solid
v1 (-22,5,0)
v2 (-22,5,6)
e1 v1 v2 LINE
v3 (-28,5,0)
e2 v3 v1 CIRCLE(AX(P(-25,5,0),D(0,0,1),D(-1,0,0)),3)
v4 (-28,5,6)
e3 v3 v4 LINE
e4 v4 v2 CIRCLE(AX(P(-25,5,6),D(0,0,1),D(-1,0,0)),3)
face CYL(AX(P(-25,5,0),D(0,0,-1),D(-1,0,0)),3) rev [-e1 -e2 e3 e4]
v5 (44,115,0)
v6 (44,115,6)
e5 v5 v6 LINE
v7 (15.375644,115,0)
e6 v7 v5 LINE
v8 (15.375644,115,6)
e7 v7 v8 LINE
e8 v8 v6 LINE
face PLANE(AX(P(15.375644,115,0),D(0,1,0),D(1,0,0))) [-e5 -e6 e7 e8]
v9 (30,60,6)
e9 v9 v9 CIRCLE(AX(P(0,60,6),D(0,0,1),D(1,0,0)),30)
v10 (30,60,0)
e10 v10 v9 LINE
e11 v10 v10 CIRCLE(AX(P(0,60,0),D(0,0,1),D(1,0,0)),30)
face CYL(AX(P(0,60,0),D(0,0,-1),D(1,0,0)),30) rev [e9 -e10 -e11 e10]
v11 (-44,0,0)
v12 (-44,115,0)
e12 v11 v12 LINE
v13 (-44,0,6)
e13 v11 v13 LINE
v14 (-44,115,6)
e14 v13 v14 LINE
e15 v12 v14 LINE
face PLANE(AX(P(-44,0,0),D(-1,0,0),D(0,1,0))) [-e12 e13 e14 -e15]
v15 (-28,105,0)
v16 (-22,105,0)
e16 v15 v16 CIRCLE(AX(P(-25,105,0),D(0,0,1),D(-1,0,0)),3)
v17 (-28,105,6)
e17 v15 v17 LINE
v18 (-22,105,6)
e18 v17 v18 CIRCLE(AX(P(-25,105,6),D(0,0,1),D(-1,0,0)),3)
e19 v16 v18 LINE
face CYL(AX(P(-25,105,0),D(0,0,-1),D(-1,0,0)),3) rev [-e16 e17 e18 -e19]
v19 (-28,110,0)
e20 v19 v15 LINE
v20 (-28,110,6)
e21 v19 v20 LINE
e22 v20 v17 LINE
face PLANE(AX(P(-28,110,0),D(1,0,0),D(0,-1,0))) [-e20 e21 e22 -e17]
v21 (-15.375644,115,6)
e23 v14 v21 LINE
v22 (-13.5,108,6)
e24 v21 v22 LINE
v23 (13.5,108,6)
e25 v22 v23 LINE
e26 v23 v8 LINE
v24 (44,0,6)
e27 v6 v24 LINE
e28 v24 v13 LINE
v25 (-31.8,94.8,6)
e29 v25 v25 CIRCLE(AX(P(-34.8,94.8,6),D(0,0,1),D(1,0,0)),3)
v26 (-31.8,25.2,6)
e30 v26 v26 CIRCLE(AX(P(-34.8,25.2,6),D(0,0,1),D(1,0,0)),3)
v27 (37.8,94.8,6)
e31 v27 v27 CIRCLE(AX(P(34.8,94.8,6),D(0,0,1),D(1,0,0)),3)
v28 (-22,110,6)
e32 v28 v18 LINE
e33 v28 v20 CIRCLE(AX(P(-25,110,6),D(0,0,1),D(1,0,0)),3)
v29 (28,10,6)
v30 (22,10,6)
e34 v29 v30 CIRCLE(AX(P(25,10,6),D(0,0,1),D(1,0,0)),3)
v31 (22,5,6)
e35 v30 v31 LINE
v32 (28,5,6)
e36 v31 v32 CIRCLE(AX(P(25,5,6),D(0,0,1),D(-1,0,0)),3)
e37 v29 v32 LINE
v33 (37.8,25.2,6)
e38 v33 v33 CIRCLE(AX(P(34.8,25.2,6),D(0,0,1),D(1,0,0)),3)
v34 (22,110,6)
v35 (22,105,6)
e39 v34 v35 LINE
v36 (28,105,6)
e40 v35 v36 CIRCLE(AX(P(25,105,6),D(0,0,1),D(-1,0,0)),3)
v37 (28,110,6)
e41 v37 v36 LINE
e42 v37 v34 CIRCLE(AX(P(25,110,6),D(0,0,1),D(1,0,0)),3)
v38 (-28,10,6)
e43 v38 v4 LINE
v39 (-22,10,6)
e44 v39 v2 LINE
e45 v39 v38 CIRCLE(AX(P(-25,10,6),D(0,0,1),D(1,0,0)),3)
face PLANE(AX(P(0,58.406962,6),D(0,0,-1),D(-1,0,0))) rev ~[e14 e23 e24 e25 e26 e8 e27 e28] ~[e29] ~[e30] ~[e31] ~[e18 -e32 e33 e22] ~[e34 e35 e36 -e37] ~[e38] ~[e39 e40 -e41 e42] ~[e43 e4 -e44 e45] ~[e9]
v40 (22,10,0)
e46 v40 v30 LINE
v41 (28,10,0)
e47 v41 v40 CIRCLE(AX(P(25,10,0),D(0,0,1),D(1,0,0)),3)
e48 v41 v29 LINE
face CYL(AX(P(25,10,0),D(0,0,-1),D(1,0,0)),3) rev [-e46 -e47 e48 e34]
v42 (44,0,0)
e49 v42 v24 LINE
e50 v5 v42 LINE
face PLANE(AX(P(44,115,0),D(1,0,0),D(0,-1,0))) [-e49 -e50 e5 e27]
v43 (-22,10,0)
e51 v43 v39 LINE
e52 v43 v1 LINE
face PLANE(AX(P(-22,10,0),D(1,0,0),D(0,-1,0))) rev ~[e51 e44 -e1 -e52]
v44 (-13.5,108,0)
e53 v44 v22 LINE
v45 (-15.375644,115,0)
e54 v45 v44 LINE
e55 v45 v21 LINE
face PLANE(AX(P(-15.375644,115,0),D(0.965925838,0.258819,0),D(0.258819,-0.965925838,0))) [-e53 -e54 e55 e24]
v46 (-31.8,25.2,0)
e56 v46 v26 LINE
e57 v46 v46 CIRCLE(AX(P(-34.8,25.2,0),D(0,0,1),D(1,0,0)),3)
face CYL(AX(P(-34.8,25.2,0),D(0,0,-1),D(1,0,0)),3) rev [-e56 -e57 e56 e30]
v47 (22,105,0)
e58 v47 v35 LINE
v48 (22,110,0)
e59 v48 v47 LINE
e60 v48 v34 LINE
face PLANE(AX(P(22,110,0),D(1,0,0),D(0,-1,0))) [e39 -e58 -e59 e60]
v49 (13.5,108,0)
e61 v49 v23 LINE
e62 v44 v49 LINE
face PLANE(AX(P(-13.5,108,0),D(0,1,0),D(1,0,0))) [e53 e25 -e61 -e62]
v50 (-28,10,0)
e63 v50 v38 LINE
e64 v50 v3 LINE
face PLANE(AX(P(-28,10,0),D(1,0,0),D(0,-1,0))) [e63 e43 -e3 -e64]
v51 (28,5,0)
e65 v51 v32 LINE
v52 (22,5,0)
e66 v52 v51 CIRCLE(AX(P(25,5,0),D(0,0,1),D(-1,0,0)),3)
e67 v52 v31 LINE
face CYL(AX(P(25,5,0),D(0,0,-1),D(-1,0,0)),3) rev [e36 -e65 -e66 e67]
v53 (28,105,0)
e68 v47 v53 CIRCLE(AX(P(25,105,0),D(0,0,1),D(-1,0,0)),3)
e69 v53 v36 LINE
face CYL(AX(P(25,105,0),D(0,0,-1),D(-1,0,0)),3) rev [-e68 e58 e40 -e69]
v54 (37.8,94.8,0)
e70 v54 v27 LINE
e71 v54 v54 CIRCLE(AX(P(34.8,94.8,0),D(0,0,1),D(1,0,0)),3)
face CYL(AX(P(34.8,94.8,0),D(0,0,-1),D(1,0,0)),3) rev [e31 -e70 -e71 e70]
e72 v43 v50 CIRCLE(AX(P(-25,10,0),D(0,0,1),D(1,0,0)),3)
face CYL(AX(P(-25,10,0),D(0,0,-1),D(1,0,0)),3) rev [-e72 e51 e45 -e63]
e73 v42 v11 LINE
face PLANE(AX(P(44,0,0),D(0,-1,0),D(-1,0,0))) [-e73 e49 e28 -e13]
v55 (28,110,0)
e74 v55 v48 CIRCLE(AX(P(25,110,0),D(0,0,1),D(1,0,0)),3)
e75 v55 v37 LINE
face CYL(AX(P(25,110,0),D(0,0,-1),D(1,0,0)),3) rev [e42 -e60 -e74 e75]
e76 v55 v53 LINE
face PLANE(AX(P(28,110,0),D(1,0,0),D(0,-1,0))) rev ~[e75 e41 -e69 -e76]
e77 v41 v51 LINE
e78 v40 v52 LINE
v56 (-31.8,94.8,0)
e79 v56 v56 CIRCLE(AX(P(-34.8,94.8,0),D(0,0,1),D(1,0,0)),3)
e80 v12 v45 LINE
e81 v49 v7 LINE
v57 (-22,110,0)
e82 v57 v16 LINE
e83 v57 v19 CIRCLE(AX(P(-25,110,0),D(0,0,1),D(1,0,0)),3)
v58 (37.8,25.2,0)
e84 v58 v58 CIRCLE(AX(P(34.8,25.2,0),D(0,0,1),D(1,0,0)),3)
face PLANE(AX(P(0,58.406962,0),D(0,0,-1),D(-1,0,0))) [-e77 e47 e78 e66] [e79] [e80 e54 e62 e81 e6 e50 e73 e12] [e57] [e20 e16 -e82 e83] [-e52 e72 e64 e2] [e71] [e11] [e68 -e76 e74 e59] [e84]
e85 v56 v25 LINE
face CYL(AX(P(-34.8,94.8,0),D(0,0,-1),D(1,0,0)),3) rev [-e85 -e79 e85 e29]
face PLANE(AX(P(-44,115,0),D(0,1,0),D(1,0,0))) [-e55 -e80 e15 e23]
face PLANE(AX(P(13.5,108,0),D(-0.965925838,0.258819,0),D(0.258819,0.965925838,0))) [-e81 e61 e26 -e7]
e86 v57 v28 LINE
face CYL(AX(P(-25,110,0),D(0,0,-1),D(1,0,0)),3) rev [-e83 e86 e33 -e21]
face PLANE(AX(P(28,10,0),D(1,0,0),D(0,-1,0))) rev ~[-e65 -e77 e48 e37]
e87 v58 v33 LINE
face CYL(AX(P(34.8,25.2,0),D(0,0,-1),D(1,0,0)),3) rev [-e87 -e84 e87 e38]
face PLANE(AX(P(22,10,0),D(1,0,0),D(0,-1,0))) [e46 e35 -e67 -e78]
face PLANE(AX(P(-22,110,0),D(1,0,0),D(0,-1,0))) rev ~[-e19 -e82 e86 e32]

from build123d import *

# Parameters (mm, degrees)
SKETCH_R   = 30
SKETCH_R_2 = 3
PAD_DEPTH  = 6


with BuildPart() as part:
    # Sketch → Pad (new body)
    with BuildSketch(Plane.XY):
        Polygon((44, 115), (44, 0), (-44, 0), (-44, 115), (-15.375644, 115), (-13.5, 108), (13.5, 108), (15.375644, 115), align=None)
        with Locations((0, 60)):
            Circle(SKETCH_R, mode=Mode.SUBTRACT)
        with Locations((-34.8, 94.8)):
            Circle(SKETCH_R_2, mode=Mode.SUBTRACT)
        with Locations((34.8, 94.8)):
            Circle(SKETCH_R_2, mode=Mode.SUBTRACT)
        with Locations((-34.8, 25.2)):
            Circle(SKETCH_R_2, mode=Mode.SUBTRACT)
        with Locations((34.8, 25.2)):
            Circle(SKETCH_R_2, mode=Mode.SUBTRACT)
        with BuildLine():
            ThreePointArc((-22, 110), (-25, 113), (-28, 110))
            Line((-28, 110), (-28, 105))
            ThreePointArc((-28, 105), (-25, 102), (-22, 105))
            Line((-22, 110), (-22, 105))
        make_face(mode=Mode.SUBTRACT)
        with BuildLine():
            ThreePointArc((28, 110), (25, 113), (22, 110))
            Line((22, 110), (22, 105))
            ThreePointArc((22, 105), (25, 102), (28, 105))
            Line((28, 110), (28, 105))
        make_face(mode=Mode.SUBTRACT)
        with BuildLine():
            ThreePointArc((28, 10), (25, 13), (22, 10))
            Line((22, 10), (22, 5))
            ThreePointArc((22, 5), (25, 2), (28, 5))
            Line((28, 10), (28, 5))
        make_face(mode=Mode.SUBTRACT)
        with BuildLine():
            ThreePointArc((-22, 10), (-25, 13), (-28, 10))
            Line((-28, 10), (-28, 5))
            ThreePointArc((-28, 5), (-25, 2), (-22, 5))
            Line((-22, 10), (-22, 5))
        make_face(mode=Mode.SUBTRACT)
    extrude(amount=PAD_DEPTH)


solid = part.part
